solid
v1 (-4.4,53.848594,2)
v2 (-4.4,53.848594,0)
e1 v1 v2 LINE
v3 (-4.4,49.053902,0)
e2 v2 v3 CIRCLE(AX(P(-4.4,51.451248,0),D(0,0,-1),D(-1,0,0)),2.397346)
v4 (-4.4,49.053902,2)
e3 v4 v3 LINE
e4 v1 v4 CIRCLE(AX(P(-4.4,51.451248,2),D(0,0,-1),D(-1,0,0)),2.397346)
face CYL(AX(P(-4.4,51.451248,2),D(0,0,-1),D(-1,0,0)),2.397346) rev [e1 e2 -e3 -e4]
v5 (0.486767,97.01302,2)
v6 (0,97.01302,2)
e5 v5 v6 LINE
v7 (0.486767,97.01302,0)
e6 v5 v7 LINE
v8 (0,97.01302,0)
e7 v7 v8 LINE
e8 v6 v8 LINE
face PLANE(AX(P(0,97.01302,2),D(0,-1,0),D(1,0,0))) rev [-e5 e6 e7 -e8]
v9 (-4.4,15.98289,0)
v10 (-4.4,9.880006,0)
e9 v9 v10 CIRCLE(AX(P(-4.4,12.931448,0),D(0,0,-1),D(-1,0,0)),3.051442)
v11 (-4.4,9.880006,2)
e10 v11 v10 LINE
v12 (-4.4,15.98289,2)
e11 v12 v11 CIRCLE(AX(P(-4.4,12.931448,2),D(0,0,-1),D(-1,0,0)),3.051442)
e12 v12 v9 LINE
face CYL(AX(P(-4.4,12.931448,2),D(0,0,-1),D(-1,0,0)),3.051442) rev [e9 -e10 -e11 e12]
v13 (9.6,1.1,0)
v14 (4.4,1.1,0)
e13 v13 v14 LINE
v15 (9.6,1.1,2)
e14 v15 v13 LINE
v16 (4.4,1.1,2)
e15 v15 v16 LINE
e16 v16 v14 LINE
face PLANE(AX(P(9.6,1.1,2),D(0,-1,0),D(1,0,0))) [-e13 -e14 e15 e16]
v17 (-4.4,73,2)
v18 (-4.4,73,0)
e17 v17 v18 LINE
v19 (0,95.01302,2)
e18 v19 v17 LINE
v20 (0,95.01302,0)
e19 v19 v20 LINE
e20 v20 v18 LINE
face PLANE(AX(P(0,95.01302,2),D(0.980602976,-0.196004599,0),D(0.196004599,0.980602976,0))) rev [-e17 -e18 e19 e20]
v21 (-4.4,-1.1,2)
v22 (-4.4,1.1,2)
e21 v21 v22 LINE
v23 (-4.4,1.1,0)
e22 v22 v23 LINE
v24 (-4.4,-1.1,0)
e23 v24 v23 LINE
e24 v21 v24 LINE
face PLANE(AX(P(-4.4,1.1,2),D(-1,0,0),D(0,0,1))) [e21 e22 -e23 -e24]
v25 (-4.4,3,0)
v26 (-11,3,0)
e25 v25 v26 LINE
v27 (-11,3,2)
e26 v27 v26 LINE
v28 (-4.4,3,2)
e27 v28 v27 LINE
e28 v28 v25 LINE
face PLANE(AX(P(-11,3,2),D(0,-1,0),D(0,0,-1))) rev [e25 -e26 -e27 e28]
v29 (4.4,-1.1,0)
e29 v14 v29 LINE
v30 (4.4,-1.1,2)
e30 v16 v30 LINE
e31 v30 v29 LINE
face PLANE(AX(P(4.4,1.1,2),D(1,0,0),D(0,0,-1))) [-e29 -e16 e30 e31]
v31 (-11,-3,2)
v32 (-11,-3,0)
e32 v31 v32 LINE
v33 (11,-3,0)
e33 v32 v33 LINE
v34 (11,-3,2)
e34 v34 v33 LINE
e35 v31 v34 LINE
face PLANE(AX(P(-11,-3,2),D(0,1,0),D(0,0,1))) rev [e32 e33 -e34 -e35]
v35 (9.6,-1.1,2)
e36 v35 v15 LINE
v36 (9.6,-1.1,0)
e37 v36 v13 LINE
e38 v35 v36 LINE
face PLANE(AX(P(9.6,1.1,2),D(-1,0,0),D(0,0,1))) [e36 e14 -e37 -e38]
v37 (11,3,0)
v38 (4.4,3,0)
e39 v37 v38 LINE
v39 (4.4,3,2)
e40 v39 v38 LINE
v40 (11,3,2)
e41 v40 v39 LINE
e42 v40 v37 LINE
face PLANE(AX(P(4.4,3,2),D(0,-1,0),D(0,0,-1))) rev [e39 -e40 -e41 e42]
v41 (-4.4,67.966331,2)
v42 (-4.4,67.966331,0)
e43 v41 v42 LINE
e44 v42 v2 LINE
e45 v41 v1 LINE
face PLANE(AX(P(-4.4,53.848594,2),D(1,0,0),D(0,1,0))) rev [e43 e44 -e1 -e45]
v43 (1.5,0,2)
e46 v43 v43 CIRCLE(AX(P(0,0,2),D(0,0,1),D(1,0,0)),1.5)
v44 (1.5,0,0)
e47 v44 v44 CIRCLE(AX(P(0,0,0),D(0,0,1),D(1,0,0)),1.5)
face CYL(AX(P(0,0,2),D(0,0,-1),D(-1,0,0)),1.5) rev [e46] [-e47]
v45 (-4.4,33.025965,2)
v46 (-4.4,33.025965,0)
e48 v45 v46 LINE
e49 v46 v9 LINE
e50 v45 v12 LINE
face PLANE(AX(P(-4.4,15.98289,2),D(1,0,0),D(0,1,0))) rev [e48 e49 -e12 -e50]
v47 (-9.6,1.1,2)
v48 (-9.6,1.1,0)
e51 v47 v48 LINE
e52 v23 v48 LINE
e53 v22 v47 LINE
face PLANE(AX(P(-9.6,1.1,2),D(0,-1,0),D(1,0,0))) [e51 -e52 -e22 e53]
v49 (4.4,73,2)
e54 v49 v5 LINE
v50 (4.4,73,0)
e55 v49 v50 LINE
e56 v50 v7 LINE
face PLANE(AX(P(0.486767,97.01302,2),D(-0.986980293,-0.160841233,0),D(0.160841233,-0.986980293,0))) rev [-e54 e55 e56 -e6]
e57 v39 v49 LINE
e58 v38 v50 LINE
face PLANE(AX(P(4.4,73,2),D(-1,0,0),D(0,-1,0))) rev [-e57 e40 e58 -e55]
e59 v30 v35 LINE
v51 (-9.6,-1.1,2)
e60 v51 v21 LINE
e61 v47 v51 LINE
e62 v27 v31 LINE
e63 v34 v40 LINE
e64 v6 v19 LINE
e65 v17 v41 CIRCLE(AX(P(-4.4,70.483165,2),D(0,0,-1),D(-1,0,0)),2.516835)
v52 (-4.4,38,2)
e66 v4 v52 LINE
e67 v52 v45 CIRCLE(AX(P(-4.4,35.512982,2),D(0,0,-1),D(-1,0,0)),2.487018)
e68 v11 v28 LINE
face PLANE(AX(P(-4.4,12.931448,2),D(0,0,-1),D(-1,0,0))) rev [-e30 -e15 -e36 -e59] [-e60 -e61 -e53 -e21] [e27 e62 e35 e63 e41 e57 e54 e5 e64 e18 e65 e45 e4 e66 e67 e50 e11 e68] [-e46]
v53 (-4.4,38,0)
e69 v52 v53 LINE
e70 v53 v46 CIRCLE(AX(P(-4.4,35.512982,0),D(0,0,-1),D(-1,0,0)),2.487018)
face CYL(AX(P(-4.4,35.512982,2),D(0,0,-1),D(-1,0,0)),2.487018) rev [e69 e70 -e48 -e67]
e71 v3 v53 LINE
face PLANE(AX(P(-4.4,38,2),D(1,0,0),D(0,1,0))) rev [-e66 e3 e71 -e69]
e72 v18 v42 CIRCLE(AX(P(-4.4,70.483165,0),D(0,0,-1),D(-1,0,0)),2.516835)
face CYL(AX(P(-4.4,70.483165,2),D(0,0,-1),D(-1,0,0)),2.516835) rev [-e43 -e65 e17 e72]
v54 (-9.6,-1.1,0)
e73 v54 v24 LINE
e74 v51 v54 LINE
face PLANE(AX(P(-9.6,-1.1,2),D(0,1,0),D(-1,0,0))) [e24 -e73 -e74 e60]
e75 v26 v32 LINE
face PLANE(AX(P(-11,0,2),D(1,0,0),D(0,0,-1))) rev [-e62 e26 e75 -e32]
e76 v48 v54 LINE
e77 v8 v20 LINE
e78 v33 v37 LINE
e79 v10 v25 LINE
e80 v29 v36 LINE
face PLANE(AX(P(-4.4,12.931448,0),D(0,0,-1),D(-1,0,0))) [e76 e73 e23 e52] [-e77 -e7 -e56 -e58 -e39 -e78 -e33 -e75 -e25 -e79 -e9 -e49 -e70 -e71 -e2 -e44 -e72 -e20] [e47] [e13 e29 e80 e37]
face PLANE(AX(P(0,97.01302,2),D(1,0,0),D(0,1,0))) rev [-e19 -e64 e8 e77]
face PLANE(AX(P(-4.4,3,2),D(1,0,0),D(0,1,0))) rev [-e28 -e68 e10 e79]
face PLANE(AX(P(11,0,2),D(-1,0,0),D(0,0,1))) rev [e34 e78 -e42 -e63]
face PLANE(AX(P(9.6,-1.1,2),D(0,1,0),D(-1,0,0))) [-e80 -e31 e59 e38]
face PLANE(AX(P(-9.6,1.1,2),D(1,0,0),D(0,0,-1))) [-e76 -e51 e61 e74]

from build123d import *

# Parameters (mm, degrees)
SKETCH_1_R      = 1.5
SKETCH_1_W      = 5.2
SKETCH_1_H      = 2.2
EXTRUDE_1_DEPTH = 2


with BuildPart() as part:
    # 草图1 → 凸台-拉伸1 (new body)
    with BuildSketch(Plane.XY):
        with BuildLine():
            Line((-11, 0), (-11, -3))
            Line((-11, -3), (11, -3))
            Line((11, -3), (11, 0))
            Line((11, 0), (11, 3))
            Line((11, 3), (4.4, 3))
            Line((4.4, 3), (4.4, 73))
            Line((4.4, 73), (0.486767159, 97.013019707))
            Line((0.486767159, 97.013019707), (0, 97.013019707))
            Line((0, 97.013019707), (0, 95.013019707))
            Line((0, 95.013019707), (-4.4, 73))
            ThreePointArc((-4.4, 73), (-1.88316536, 70.48316536), (-4.4, 67.966330721))
            Line((-4.4, 67.966330721), (-4.4, 53.848593982))
            ThreePointArc((-4.4, 53.848593982), (-2.002653764, 51.451247746), (-4.4, 49.053901511))
            Line((-4.4, 49.053901511), (-4.4, 38))
            ThreePointArc((-4.4, 38), (-1.912982257, 35.512982257), (-4.4, 33.025964514))
            Line((-4.4, 33.025964514), (-4.4, 15.982889536))
            ThreePointArc((-4.4, 15.982889536), (-1.348558079, 12.931447615), (-4.4, 9.880005694))
            Line((-4.4, 9.880005694), (-4.4, 3))
            Line((-4.4, 3), (-11, 3))
            Line((-11, 3), (-11, 0))
        make_face()
        Circle(SKETCH_1_R, mode=Mode.SUBTRACT)
        with Locations((7, 0)):
            Rectangle(SKETCH_1_W, SKETCH_1_H, mode=Mode.SUBTRACT)
        with Locations((-7, 0)):
            Rectangle(SKETCH_1_W, SKETCH_1_H, mode=Mode.SUBTRACT)
    extrude(amount=EXTRUDE_1_DEPTH)


solid = part.part
